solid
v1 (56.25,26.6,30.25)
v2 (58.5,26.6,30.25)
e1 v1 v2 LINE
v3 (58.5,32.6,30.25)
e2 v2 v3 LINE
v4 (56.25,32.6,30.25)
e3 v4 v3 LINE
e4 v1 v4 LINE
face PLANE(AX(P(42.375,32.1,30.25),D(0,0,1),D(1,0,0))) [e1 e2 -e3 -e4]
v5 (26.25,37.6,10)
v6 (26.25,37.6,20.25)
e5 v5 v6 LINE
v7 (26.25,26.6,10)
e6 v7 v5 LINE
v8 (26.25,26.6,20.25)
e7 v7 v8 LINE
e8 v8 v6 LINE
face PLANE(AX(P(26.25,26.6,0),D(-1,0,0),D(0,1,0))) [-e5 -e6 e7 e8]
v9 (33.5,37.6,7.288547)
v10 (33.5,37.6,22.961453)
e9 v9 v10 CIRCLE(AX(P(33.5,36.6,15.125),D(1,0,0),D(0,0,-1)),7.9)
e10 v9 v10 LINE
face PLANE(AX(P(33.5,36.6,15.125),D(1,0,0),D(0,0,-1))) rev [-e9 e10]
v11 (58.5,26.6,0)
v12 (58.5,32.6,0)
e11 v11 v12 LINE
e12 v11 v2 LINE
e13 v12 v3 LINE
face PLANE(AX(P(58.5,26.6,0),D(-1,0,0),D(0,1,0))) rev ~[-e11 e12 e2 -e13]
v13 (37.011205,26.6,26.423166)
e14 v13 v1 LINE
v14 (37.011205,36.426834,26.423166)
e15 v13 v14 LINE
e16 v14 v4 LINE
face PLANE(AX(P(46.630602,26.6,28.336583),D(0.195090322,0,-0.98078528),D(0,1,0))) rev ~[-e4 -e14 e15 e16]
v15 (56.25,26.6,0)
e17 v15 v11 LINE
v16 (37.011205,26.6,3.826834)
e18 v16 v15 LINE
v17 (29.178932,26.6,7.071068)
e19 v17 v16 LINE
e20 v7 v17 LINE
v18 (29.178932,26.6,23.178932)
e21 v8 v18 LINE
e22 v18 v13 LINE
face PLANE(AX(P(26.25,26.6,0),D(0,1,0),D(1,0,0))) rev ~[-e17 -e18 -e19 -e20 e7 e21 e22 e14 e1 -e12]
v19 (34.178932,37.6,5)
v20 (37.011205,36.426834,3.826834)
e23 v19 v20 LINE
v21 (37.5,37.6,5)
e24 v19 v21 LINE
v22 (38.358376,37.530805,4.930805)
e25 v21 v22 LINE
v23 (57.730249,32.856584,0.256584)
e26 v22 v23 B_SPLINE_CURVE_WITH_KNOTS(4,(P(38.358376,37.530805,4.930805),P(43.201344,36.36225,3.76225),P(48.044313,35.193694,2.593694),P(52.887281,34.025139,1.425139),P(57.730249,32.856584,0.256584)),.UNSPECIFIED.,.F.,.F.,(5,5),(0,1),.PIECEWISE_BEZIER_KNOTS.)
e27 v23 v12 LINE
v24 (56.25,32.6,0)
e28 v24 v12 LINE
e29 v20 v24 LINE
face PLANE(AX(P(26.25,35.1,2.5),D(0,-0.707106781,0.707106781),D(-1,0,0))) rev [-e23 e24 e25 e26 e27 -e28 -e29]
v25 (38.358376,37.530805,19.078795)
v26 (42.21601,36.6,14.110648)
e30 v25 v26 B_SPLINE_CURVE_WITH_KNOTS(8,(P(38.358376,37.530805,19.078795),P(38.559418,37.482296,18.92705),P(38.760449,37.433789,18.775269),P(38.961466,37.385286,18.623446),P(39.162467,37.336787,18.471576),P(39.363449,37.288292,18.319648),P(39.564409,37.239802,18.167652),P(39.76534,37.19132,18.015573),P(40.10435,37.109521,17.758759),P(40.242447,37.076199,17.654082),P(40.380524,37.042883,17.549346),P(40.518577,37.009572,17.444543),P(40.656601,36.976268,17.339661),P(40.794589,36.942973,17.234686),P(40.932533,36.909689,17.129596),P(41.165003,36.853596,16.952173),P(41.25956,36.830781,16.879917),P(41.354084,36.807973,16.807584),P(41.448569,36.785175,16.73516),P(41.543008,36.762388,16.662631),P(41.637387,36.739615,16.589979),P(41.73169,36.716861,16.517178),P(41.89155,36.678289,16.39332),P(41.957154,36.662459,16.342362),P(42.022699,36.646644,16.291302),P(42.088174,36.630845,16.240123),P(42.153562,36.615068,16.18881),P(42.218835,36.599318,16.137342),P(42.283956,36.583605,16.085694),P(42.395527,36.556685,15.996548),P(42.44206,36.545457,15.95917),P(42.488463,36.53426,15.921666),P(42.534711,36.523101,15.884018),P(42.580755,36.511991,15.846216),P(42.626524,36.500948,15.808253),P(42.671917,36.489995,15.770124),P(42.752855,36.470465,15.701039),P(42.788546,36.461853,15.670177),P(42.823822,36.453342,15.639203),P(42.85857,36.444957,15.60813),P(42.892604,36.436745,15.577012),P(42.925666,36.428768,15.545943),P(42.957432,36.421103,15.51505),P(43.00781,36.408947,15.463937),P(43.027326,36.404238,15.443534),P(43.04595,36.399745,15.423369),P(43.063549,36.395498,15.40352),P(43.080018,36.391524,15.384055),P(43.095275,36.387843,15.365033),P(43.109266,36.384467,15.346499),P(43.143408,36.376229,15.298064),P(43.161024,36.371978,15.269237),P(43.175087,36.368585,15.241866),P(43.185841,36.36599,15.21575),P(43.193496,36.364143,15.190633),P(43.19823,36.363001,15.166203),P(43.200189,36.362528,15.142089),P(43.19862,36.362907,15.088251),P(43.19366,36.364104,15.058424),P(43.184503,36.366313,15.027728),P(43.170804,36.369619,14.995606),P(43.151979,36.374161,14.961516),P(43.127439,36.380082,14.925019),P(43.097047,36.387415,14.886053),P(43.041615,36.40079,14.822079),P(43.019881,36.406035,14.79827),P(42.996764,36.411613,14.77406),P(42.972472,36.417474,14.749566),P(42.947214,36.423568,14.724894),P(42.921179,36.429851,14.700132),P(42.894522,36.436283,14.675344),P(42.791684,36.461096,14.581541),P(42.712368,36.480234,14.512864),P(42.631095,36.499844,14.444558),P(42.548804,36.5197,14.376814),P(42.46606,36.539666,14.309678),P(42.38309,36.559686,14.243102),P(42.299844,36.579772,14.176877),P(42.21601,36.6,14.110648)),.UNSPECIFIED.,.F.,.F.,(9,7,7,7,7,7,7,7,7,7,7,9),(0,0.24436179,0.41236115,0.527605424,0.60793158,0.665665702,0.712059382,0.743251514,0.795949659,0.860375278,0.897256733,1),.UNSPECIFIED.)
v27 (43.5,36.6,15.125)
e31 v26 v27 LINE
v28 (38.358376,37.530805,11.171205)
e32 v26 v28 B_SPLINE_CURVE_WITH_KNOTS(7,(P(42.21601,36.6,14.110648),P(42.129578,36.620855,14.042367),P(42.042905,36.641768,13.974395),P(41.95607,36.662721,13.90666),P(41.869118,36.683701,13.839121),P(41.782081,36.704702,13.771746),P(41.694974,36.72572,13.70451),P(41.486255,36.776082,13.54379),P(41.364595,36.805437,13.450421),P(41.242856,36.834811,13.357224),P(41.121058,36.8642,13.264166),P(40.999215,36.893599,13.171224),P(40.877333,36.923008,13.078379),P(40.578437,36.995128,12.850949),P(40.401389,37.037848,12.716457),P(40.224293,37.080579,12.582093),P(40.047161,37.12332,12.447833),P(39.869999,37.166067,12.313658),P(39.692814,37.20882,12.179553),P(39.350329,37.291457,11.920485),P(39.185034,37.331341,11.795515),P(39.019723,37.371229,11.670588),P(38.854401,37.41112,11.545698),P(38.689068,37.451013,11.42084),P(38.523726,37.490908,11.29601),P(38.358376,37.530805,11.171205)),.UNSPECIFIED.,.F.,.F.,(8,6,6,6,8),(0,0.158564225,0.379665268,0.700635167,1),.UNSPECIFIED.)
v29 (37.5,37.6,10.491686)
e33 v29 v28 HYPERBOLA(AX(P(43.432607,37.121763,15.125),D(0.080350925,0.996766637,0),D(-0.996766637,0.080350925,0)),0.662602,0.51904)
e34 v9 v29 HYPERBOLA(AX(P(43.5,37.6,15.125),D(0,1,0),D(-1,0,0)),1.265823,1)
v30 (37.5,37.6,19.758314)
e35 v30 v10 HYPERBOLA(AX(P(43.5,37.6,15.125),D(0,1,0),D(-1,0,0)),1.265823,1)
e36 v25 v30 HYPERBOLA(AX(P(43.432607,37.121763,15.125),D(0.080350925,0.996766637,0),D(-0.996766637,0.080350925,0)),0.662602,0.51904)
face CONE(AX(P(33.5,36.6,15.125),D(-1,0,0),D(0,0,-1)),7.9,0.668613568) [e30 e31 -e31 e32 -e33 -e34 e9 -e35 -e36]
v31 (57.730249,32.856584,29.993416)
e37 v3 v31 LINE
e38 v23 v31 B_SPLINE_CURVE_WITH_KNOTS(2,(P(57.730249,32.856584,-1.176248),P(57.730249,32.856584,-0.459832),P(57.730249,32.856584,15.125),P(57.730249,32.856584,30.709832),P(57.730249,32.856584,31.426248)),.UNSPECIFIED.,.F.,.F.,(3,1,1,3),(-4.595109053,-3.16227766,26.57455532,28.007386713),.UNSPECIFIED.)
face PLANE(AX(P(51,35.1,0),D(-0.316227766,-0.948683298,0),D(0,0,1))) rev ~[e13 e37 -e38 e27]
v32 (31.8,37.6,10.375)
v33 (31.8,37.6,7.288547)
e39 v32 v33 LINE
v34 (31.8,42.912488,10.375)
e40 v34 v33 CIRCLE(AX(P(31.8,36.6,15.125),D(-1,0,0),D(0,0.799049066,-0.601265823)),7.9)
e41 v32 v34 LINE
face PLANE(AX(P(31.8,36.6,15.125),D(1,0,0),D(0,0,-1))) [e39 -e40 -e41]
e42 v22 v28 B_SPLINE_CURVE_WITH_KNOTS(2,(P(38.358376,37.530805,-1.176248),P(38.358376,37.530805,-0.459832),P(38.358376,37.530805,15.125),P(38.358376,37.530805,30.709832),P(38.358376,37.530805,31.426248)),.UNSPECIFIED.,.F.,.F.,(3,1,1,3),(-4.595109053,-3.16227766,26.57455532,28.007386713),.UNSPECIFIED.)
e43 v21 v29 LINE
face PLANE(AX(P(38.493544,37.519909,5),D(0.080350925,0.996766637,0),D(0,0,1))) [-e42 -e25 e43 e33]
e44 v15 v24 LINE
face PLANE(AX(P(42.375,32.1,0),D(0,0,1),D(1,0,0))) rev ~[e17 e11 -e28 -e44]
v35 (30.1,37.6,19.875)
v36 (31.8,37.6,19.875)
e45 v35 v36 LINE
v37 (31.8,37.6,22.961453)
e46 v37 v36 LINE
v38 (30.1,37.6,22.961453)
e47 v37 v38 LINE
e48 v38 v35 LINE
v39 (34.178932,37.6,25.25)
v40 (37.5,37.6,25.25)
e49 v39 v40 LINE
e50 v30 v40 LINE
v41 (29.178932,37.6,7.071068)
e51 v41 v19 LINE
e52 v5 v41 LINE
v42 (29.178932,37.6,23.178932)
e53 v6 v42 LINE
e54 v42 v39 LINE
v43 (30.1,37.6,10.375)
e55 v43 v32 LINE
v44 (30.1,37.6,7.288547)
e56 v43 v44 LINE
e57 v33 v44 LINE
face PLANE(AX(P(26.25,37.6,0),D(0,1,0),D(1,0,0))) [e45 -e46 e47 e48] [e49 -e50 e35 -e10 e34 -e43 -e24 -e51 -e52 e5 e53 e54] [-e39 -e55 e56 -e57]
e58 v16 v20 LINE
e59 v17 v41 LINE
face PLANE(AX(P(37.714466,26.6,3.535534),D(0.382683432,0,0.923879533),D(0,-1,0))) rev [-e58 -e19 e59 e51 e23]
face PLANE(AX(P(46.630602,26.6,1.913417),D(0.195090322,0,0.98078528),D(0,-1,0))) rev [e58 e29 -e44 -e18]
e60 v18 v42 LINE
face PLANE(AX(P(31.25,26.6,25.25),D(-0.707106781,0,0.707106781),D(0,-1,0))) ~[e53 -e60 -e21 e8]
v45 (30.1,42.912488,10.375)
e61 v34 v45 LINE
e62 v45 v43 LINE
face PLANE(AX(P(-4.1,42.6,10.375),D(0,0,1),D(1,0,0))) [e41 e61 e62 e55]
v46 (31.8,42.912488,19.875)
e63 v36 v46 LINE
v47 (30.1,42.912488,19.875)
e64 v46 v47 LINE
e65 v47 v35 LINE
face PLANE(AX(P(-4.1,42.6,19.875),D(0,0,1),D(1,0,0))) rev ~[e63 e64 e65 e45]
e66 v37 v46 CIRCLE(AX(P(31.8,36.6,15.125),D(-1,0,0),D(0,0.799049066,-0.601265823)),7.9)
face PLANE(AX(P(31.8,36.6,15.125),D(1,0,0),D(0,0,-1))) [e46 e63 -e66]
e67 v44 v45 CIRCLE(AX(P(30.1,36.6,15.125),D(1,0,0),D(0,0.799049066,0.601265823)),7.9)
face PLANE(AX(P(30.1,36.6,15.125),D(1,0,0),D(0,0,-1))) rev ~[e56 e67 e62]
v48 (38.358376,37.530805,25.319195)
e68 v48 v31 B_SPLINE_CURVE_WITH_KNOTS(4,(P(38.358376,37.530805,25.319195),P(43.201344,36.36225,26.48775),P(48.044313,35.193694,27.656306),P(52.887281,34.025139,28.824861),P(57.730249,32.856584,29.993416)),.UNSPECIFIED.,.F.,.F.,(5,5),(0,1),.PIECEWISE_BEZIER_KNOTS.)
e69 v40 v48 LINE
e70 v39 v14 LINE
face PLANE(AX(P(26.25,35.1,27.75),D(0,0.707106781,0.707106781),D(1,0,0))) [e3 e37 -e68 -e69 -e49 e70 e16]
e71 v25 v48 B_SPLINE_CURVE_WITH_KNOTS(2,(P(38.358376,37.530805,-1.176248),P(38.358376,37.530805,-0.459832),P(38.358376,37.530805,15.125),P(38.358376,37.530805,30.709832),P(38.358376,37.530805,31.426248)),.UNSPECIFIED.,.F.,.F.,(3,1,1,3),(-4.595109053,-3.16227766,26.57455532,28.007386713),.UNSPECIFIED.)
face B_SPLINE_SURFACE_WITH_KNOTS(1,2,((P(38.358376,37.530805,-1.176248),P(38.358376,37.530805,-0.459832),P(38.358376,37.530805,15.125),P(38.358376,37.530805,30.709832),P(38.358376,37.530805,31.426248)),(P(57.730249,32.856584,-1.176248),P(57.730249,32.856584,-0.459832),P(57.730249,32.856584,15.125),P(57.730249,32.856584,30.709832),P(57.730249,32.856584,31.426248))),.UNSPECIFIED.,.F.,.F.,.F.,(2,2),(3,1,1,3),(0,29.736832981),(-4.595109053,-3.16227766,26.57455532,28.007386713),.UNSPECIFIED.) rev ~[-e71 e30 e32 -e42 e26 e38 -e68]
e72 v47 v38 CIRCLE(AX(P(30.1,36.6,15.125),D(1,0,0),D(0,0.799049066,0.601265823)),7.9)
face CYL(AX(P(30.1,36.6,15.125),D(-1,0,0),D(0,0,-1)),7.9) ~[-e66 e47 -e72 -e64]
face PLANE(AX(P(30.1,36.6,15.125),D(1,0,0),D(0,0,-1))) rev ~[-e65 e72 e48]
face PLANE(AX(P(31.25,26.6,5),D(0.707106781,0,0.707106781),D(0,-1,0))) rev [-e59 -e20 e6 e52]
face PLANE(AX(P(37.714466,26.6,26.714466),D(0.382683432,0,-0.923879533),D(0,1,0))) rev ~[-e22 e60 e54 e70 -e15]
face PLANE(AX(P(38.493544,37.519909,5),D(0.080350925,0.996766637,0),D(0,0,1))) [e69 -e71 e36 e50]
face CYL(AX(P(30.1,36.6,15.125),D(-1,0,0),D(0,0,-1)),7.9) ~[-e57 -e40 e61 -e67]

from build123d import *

# Parameters (mm, degrees)
BOX020_W          = 71.8
BOX020_H          = 12
BOX020_DEPTH      = 9.5
CYLINDER024_R     = 7.9
CYLINDER024_DEPTH = 1.7
BOX002_W          = 32.25
BOX002_H          = 11
BOX002_DEPTH      = 30.25
CHAMFER_SIZE2     = 15
CHAMFER_SIZE      = 5
CHAMFER001_SIZE   = 5
CHAMFER002_SIZE   = 5
CHAMFER003_SIZE   = 10
CHAMFER004_SIZE   = 10
CHAMFER005_SIZE   = 10
CHAMFER006_SIZE   = 5
CHAMFER007_SIZE   = 1
CHAMFER008_SIZE   = 10


with BuildPart() as syr_plane003:
    # Box020 → Box020 (new body)
    with BuildSketch(Plane(origin=(-40, 36.6, 10.375), x_dir=(1, 0, 0), z_dir=(0, 0, 1))):
        with Locations((35.9, 6)):
            Rectangle(BOX020_W, BOX020_H)
    extrude(amount=BOX020_DEPTH)


with BuildPart() as syr_base_holder:
    # Cylinder024 → Cylinder024 (new body)
    with BuildSketch(Plane(origin=(30.1, 36.6, 15.125), x_dir=(0, 0, -1), z_dir=(1, 0, 0))):
        Circle(CYLINDER024_R)
    extrude(amount=CYLINDER024_DEPTH)

    # Cut001: cut syr_plane003
    add(syr_plane003.part, mode=Mode.SUBTRACT)


with BuildPart() as plunger_support:
    # Cone002 → Cone002 (revolve)
    with BuildSketch(Plane(origin=(33.5, 36.6, 15.125), x_dir=(0, 0, -1), z_dir=(0, -1, 0))):
        Polygon((0, 0), (7.9, 0), (0, 10), align=None)
    revolve(axis=Axis((33.5, 36.6, 15.125), (1, 0, 0)))


with BuildPart() as fusion009:
    # Box002 → Box002 (new body)
    with BuildSketch(Plane(origin=(26.25, 26.6, 0), x_dir=(1, 0, 0), z_dir=(0, 0, 1))):
        with Locations((16.125, 5.5)):
            Rectangle(BOX002_W, BOX002_H)
    extrude(amount=BOX002_DEPTH)

    # Chamfer
    chamfer_edges = [fusion009.edges().sort_by_distance(p)[0] for p in [
        (58.5, 37.6, 15.125),
    ]]
    chamfer_side = fusion009.faces().sort_by_distance((58.5, 32.1, 15.125))[0]
    chamfer(chamfer_edges, length=CHAMFER_SIZE, length2=CHAMFER_SIZE2, reference=chamfer_side)

    # Chamfer001
    chamfer001_edges = [fusion009.edges().sort_by_distance(p)[0] for p in [
        (34.875, 37.6, 30.25),
    ]]
    chamfer(chamfer001_edges, length=CHAMFER001_SIZE)

    # Chamfer002
    chamfer002_edges = [fusion009.edges().sort_by_distance(p)[0] for p in [
        (34.875, 37.6, 0),
    ]]
    chamfer(chamfer002_edges, length=CHAMFER002_SIZE)

    # Chamfer003
    chamfer003_edges = [fusion009.edges().sort_by_distance(p)[0] for p in [
        (26.25, 29.6, 0),
        (26.25, 29.6, 30.25),
    ]]
    chamfer(chamfer003_edges, length=CHAMFER003_SIZE)

    # Chamfer004
    chamfer004_edges = [fusion009.edges().sort_by_distance(p)[0] for p in [
        (36.25, 29.6, 0),
        (36.25, 29.6, 30.25),
    ]]
    chamfer(chamfer004_edges, length=CHAMFER004_SIZE)

    # Chamfer005
    chamfer005_edges = [fusion009.edges().sort_by_distance(p)[0] for p in [
        (46.25, 29.6, 30.25),
        (46.25, 29.6, 0),
    ]]
    chamfer(chamfer005_edges, length=CHAMFER005_SIZE)

    # Chamfer006
    chamfer006_edges = [fusion009.edges().sort_by_distance(p)[0] for p in [
        (43.5, 37.6, 15.125),
    ]]
    chamfer(chamfer006_edges, length=CHAMFER006_SIZE)

    # Chamfer007
    chamfer007_edges = [fusion009.edges().sort_by_distance(p)[0] for p in [
        (38.5, 37.6, 15.125),
    ]]
    chamfer(chamfer007_edges, length=CHAMFER007_SIZE)

    # Chamfer008
    chamfer008_edges = [fusion009.edges().sort_by_distance(p)[0] for p in [
        (48.243416, 36.018861, 15.125),
    ]]
    chamfer(chamfer008_edges, length=CHAMFER008_SIZE)

    # Fusion008: union plunger_support
    add(plunger_support.part)

    # Fusion009: union syr_base_holder
    add(syr_base_holder.part)


solid = fusion009.part
